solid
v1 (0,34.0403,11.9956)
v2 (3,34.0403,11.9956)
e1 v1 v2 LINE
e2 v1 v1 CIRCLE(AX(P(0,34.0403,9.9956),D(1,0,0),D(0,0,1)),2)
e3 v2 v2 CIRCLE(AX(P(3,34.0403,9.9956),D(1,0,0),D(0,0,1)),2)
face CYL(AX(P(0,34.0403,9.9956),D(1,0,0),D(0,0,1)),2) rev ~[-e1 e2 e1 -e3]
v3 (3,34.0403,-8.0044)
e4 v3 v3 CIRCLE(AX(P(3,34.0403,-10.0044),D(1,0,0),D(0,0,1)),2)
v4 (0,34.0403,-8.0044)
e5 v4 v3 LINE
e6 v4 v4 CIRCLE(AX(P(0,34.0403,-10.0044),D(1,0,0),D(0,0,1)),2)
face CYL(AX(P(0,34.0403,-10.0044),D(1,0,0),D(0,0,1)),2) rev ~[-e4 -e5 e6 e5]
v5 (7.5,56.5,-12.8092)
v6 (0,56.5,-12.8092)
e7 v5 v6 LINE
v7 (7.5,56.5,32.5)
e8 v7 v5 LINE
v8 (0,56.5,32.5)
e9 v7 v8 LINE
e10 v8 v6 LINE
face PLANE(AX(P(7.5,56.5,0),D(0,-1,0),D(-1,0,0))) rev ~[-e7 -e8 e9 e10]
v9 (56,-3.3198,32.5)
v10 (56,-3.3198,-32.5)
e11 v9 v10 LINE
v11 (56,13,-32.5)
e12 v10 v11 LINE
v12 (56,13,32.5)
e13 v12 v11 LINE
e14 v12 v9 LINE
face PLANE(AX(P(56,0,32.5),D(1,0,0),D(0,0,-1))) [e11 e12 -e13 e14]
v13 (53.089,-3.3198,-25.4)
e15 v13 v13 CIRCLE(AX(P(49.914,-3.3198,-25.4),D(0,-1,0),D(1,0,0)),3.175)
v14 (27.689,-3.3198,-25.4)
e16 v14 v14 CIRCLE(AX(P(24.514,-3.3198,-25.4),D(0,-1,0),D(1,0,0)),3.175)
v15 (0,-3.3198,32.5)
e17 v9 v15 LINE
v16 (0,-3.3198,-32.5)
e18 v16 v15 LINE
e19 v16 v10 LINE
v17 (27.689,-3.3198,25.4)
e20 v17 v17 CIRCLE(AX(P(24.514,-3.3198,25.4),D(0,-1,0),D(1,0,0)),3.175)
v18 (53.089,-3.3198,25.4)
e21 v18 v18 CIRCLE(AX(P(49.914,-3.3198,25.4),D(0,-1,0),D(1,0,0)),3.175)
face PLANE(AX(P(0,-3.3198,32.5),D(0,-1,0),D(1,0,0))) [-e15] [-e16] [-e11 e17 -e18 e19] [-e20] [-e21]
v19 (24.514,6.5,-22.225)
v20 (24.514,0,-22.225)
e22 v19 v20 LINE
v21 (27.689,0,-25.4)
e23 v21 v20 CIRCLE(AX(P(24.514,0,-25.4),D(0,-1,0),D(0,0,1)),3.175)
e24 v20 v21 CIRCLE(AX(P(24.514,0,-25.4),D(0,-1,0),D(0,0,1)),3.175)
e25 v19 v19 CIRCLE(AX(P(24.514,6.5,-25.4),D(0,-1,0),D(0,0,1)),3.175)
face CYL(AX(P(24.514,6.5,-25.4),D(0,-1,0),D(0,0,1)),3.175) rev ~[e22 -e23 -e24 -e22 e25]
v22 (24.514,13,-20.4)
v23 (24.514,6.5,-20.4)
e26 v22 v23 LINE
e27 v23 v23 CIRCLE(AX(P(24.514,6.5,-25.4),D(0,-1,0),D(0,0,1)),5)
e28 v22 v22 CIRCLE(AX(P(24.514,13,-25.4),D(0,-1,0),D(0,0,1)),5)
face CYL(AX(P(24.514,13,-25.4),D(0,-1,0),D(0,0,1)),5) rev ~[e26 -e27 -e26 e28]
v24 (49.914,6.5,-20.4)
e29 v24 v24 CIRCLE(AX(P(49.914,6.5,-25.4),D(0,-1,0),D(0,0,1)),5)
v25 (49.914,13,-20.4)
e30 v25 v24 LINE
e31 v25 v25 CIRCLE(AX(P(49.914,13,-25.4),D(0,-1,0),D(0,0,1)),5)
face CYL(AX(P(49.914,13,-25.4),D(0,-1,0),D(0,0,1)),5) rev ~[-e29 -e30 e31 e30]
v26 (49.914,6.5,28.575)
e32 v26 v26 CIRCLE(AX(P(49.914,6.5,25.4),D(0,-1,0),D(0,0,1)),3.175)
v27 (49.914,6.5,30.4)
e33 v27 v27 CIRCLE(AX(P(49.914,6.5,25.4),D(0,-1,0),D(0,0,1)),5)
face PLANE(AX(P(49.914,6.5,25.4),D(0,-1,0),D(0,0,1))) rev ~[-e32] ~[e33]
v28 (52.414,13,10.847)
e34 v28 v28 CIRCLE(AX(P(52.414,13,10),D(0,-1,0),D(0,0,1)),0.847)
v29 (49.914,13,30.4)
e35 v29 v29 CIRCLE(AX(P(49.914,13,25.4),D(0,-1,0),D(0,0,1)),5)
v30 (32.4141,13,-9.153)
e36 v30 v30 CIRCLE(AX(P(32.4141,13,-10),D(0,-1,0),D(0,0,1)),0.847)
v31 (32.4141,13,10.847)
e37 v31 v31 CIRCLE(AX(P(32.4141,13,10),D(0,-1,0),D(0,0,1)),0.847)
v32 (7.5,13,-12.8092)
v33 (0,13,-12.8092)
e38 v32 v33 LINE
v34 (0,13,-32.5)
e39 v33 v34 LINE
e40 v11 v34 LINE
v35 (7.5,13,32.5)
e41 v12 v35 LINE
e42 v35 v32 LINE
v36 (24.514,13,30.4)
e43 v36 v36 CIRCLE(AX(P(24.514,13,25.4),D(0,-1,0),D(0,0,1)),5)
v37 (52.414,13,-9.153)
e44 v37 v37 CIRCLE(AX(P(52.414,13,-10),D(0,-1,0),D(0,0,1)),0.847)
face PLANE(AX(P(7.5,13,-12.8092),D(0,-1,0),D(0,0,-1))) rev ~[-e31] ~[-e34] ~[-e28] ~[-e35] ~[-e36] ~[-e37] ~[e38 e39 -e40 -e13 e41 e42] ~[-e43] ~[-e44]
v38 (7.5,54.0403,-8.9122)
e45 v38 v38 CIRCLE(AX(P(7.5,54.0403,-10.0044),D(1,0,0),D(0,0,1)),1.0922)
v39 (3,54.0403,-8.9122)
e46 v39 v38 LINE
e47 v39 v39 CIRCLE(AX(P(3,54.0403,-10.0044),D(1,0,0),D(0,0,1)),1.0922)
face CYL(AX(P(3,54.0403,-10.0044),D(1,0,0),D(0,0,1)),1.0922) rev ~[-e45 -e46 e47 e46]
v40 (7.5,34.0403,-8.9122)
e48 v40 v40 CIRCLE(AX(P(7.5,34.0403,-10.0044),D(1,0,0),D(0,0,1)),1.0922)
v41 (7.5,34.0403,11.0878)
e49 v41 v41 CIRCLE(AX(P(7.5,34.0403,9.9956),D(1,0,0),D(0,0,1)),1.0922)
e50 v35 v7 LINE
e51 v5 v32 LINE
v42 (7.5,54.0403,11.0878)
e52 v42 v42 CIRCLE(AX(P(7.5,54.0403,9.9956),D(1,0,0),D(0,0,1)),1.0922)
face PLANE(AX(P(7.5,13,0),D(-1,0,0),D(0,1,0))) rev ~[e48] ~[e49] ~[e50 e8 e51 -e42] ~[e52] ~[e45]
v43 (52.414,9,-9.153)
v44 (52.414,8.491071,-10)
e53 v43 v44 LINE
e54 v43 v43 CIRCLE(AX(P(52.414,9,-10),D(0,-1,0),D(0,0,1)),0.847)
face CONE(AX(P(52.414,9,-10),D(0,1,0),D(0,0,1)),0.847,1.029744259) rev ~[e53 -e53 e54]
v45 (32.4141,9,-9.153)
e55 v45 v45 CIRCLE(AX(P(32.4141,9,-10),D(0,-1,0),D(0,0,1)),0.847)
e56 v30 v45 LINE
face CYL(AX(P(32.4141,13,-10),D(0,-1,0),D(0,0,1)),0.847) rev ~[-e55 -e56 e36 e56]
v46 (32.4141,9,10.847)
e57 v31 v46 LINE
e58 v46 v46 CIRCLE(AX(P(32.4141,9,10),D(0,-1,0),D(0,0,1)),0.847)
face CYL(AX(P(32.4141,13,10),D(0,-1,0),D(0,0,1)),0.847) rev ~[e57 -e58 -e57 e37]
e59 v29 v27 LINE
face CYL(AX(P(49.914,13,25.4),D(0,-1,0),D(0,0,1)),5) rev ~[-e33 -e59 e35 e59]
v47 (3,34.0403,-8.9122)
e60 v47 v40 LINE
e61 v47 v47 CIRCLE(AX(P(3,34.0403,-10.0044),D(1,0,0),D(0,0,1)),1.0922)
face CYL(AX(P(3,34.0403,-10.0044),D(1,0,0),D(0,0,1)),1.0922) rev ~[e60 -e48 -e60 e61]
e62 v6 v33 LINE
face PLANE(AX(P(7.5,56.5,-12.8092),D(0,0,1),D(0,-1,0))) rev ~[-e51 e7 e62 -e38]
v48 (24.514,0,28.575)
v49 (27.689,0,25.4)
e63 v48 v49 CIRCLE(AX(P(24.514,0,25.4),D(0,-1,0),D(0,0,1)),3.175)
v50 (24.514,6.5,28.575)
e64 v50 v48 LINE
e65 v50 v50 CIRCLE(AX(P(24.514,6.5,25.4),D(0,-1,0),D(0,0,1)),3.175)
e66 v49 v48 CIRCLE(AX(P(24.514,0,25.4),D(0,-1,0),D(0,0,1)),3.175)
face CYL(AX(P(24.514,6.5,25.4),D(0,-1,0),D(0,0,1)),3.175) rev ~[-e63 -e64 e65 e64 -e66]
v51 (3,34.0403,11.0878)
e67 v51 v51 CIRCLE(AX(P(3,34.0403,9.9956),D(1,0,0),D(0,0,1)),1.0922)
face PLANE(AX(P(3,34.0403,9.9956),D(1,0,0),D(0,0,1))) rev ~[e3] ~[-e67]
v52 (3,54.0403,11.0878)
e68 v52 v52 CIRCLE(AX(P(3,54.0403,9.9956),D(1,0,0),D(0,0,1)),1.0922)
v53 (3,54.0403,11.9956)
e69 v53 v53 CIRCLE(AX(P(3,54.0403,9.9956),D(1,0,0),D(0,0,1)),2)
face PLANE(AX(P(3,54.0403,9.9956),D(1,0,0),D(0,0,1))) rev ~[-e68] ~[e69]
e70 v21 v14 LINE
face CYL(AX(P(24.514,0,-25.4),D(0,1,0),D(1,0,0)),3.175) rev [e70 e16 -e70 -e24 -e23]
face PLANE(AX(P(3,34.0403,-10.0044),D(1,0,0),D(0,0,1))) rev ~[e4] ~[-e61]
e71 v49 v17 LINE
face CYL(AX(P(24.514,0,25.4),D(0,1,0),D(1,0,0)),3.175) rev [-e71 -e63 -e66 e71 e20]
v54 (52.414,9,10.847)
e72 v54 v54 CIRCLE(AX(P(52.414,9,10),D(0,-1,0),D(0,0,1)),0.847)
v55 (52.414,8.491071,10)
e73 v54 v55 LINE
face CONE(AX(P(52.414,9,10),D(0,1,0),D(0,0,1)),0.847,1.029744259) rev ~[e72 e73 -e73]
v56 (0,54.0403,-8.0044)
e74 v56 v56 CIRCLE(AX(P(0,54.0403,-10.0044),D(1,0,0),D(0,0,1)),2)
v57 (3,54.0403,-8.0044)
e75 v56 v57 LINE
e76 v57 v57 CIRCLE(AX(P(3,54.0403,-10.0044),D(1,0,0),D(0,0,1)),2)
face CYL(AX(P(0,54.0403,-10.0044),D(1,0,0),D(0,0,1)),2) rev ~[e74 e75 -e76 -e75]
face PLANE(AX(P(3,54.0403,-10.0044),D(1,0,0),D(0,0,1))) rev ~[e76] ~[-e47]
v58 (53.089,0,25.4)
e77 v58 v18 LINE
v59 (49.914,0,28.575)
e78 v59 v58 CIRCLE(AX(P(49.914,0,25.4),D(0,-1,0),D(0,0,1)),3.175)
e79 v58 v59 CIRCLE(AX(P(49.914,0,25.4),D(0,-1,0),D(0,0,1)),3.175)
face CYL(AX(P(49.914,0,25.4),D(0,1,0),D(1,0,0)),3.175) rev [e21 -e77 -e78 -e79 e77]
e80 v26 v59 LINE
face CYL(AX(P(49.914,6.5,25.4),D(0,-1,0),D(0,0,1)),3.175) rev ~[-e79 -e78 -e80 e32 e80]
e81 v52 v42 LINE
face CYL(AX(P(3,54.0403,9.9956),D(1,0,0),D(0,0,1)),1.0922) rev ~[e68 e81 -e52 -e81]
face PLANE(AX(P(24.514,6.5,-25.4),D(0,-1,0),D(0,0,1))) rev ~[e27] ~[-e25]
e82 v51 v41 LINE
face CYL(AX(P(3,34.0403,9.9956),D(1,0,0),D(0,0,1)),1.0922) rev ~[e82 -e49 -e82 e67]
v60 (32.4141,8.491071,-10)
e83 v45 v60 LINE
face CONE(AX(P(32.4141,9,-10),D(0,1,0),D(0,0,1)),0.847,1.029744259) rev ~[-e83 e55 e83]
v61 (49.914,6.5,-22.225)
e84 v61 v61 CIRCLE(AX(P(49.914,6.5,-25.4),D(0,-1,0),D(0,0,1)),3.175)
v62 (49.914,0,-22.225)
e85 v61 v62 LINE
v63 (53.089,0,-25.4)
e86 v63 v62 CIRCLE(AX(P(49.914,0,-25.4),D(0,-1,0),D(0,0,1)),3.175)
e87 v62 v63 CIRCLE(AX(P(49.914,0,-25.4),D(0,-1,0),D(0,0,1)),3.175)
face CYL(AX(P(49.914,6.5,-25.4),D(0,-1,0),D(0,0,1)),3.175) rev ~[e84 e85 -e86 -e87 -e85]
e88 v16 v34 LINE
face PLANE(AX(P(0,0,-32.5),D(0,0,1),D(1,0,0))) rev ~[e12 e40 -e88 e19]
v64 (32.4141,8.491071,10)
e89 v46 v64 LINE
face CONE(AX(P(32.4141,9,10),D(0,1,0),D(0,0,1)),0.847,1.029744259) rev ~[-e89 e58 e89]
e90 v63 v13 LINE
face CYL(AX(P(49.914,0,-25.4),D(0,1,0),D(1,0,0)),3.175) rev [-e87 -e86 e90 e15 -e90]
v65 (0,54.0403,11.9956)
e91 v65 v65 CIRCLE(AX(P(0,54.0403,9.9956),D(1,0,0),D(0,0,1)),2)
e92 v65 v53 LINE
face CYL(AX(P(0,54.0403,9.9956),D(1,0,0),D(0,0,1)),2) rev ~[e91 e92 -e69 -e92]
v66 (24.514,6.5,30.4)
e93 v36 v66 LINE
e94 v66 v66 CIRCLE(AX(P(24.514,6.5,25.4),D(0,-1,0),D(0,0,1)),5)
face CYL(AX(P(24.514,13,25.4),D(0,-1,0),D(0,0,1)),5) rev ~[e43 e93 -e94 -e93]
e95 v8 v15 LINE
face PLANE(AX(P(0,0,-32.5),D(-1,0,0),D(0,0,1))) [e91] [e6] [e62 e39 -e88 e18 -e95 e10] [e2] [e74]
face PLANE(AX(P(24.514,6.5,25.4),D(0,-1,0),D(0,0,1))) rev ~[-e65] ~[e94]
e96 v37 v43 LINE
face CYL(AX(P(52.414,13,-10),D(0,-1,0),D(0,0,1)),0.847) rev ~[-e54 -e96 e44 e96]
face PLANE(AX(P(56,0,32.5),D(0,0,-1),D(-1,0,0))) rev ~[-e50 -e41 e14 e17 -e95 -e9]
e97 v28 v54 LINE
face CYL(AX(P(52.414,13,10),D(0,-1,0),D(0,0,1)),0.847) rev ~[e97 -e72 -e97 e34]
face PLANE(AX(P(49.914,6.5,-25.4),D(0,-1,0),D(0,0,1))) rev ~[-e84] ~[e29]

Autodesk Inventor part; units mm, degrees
ref_plane "YZ Plane" through (0, 0, 0) normal (1, 0, 0) x (0, 1, 0)
ref_plane "XZ Plane" through (0, 0, 0) normal (0, 1, 0) x (-1, 0, 0)
ref_plane "XY Plane" through (0, 0, 0) normal (0, 0, 1) x (1, 0, 0)
sketch "Sketch1" plane through (0, 0, 0) normal (0, 0, 1) x (1, 0, 0)
  line L0 (0, 0) -> (7.5, 0)
  line L1 (7.5, 13) -> (7.5, 56.5)
  line L2 (7.5, 56.5) -> (0, 56.5)
  line L3 (0, 56.5) -> (0, 0)
  line L4 (0, 0) -> (56, 0)
  line L5 (56, 0) -> (56, 13)
  line L6 (56, 13) -> (7.5, 13)
  line L7 (0, 13) -> (0, 0)
  dimension "d0" = 13
  dimension "d1" = 56
  dimension "d2" = 56.5
  dimension "d3" = 7.5
extrude "Extrusion1" add sketch "Sketch1" along normal mid plane 65
sketch "Sketch2" plane through (7.5, 13, 32.5) normal (0, 1, 0) x (1, 0, 0)
  line L0 (0, 0) -> (48.5, 0) projected
  line L1 (48.5, 0) -> (48.5, 65) projected
  line L2 (48.5, 65) -> (0, 65) projected
  line L3 (0, 0) -> (0, 65) projected
  line L4 (42.414, 25.5) -> (42.414, 39.5)
  line L5 (49.414, 32.5) -> (35.414, 32.5)
  point P0 (-7.5, 32.5)
  point P1 (17.014, 57.9)
  point P2 (17.014, 7.1)
  point P3 (42.414, 57.9)
  point P4 (42.414, 7.1)
  dimension "d6" = 25.4
  dimension "d7" = 25.4
  dimension "d8" = 25.4
  dimension "d9" = 25.4
  dimension "d10" = 25.4
  dimension "d11" = 25.4
  dimension "d35" = 25.4
hole "Hole1" at (24.514, 13, -25.4) at (24.514, 13, 25.4) at (49.914, 13, -25.4) at (49.914, 13, 25.4) direction (0, -1, 0) diameter 6.35 end through all counterbore diameter 10 counterbore depth 6.5
sketch "Sketch3" plane through (7.5, 13, 32.5) normal (0, 1, 0) x (1, 0, 0)
  circle A0 centre (24.9141, 42.5) radius 2.032 projected
  circle A1 centre (24.9141, 22.5) radius 2.032 projected
  circle A2 centre (44.914, 22.5) radius 1.143 projected
  circle A3 centre (44.914, 42.5) radius 1.143 projected
  point P0 (-7.5, 32.5)
hole "Hole2" at (52.414, 13, -10) at (52.414, 13, 10) at (32.4141, 13, 10) at (32.4141, 13, -10) direction (0, -1, 0) diameter 1.694 depth 4 tip angle 118 thread size "2-56 UNC" class "2B" standard "ANSI Unified Screw Threads"
sketch "Sketch4" plane through (0, 0, 32.5) normal (-1, 0, 0) x (0, 0, 1)
  line L0 (0, 56.5) -> (0, 13) projected
  line L1 (0, 13) -> (-65, 13) projected
  line L2 (-65, 13) -> (-65, 56.5) projected
  line L3 (0, 56.5) -> (-65, 56.5) projected
  circle A0 centre (-42.5044, 54.0403) radius 0.889 projected
  circle A1 centre (-22.5044, 34.0403) radius 0.889 projected
  circle A2 centre (-22.5044, 54.0403) radius 1.0922 projected
  line L4 (-45.0044, 32.0483) -> (-45.0044, 31.5403) projected
  line L5 (-45.0044, 31.5403) -> (-20.0044, 31.5403) projected
  line L6 (-20.0044, 31.5403) -> (-20.0044, 56.5403) projected
  line L7 (-20.0044, 56.5403) -> (-45.0044, 56.5403) projected
  line L8 (-45.0044, 56.5403) -> (-45.0044, 56.0323) projected
  line L9 (-45.0044, 56.0323) -> (-45.3092, 56.0323) projected
  line L10 (-45.3092, 32.0483) -> (-45.3092, 56.0323) projected
  line L11 (-45.0044, 32.0483) -> (-45.3092, 32.0483) projected
  circle A3 centre (-42.5044, 34.0403) radius 0.889 projected
  circle A4 centre (-22.5044, 34.0403) radius 0.889 projected
  circle A5 centre (-42.5044, 54.0403) radius 0.889 projected
  circle A6 centre (-22.5044, 54.0403) radius 0.889 projected
  circle A7 centre (-38.8544, 37.6903) radius 1.7272 projected
  circle A8 centre (-26.1544, 37.6903) radius 1.7272 projected
  circle A9 centre (-38.8544, 50.3903) radius 1.7272 projected
  circle A10 centre (-26.1544, 50.3903) radius 1.7272 projected
  circle A11 centre (-32.5044, 44.0403) radius 1.7272 projected
  point P0 (-32.5, 0)
hole "Hole3" at (0, 54.0403, -10.0044) at (0, 54.0403, 9.9956) at (0, 34.0403, 9.9956) at (0, 34.0403, -10.0044) direction (1, 0, 0) diameter 2.1844 end through all counterbore diameter 4 counterbore depth 3
sketch "Sketch5" plane through (7.5, 13, 32.5) normal (1, 0, 0) x (0, 0, -1)
  line L0 (0, 0) -> (65, 0) projected
  line L1 (45.3092, 19.0483) -> (45.3092, 43.0323) projected
  line L2 (65, 43.5) -> (45.3092, 43.5)
  line L3 (45.3092, 43.5) -> (45.3092, 0)
  line L4 (45.3092, 0) -> (65, 0)
  line L5 (65, 0) -> (65, 43.5)
  point P0 (32.5, -13)
extrude "Extrusion2" cut sketch "Sketch5" against normal blind 10
sketch "Sketch6" plane through (0, 0, 32.5) normal (0, -1, 0) x (1, 0, 0)
  circle A0 centre (49.914, -7.1) radius 3.175 projected
  circle A1 centre (49.914, -57.9) radius 3.175 projected
  circle A2 centre (24.514, -7.1) radius 3.175 projected
  circle A3 centre (24.514, -57.9) radius 3.175 projected
  line L0 (56, 0) -> (0, 0) projected
  line L1 (0, -65) -> (0, 0) projected
  line L2 (0, -65) -> (56, -65) projected
  line L3 (56, 0) -> (56, -65) projected
  point P0 (0, -32.5)
extrude "Extrusion3" add sketch "Sketch6" along normal blind 3.3198
properties part number "beam steering subassy mounting bracket"
